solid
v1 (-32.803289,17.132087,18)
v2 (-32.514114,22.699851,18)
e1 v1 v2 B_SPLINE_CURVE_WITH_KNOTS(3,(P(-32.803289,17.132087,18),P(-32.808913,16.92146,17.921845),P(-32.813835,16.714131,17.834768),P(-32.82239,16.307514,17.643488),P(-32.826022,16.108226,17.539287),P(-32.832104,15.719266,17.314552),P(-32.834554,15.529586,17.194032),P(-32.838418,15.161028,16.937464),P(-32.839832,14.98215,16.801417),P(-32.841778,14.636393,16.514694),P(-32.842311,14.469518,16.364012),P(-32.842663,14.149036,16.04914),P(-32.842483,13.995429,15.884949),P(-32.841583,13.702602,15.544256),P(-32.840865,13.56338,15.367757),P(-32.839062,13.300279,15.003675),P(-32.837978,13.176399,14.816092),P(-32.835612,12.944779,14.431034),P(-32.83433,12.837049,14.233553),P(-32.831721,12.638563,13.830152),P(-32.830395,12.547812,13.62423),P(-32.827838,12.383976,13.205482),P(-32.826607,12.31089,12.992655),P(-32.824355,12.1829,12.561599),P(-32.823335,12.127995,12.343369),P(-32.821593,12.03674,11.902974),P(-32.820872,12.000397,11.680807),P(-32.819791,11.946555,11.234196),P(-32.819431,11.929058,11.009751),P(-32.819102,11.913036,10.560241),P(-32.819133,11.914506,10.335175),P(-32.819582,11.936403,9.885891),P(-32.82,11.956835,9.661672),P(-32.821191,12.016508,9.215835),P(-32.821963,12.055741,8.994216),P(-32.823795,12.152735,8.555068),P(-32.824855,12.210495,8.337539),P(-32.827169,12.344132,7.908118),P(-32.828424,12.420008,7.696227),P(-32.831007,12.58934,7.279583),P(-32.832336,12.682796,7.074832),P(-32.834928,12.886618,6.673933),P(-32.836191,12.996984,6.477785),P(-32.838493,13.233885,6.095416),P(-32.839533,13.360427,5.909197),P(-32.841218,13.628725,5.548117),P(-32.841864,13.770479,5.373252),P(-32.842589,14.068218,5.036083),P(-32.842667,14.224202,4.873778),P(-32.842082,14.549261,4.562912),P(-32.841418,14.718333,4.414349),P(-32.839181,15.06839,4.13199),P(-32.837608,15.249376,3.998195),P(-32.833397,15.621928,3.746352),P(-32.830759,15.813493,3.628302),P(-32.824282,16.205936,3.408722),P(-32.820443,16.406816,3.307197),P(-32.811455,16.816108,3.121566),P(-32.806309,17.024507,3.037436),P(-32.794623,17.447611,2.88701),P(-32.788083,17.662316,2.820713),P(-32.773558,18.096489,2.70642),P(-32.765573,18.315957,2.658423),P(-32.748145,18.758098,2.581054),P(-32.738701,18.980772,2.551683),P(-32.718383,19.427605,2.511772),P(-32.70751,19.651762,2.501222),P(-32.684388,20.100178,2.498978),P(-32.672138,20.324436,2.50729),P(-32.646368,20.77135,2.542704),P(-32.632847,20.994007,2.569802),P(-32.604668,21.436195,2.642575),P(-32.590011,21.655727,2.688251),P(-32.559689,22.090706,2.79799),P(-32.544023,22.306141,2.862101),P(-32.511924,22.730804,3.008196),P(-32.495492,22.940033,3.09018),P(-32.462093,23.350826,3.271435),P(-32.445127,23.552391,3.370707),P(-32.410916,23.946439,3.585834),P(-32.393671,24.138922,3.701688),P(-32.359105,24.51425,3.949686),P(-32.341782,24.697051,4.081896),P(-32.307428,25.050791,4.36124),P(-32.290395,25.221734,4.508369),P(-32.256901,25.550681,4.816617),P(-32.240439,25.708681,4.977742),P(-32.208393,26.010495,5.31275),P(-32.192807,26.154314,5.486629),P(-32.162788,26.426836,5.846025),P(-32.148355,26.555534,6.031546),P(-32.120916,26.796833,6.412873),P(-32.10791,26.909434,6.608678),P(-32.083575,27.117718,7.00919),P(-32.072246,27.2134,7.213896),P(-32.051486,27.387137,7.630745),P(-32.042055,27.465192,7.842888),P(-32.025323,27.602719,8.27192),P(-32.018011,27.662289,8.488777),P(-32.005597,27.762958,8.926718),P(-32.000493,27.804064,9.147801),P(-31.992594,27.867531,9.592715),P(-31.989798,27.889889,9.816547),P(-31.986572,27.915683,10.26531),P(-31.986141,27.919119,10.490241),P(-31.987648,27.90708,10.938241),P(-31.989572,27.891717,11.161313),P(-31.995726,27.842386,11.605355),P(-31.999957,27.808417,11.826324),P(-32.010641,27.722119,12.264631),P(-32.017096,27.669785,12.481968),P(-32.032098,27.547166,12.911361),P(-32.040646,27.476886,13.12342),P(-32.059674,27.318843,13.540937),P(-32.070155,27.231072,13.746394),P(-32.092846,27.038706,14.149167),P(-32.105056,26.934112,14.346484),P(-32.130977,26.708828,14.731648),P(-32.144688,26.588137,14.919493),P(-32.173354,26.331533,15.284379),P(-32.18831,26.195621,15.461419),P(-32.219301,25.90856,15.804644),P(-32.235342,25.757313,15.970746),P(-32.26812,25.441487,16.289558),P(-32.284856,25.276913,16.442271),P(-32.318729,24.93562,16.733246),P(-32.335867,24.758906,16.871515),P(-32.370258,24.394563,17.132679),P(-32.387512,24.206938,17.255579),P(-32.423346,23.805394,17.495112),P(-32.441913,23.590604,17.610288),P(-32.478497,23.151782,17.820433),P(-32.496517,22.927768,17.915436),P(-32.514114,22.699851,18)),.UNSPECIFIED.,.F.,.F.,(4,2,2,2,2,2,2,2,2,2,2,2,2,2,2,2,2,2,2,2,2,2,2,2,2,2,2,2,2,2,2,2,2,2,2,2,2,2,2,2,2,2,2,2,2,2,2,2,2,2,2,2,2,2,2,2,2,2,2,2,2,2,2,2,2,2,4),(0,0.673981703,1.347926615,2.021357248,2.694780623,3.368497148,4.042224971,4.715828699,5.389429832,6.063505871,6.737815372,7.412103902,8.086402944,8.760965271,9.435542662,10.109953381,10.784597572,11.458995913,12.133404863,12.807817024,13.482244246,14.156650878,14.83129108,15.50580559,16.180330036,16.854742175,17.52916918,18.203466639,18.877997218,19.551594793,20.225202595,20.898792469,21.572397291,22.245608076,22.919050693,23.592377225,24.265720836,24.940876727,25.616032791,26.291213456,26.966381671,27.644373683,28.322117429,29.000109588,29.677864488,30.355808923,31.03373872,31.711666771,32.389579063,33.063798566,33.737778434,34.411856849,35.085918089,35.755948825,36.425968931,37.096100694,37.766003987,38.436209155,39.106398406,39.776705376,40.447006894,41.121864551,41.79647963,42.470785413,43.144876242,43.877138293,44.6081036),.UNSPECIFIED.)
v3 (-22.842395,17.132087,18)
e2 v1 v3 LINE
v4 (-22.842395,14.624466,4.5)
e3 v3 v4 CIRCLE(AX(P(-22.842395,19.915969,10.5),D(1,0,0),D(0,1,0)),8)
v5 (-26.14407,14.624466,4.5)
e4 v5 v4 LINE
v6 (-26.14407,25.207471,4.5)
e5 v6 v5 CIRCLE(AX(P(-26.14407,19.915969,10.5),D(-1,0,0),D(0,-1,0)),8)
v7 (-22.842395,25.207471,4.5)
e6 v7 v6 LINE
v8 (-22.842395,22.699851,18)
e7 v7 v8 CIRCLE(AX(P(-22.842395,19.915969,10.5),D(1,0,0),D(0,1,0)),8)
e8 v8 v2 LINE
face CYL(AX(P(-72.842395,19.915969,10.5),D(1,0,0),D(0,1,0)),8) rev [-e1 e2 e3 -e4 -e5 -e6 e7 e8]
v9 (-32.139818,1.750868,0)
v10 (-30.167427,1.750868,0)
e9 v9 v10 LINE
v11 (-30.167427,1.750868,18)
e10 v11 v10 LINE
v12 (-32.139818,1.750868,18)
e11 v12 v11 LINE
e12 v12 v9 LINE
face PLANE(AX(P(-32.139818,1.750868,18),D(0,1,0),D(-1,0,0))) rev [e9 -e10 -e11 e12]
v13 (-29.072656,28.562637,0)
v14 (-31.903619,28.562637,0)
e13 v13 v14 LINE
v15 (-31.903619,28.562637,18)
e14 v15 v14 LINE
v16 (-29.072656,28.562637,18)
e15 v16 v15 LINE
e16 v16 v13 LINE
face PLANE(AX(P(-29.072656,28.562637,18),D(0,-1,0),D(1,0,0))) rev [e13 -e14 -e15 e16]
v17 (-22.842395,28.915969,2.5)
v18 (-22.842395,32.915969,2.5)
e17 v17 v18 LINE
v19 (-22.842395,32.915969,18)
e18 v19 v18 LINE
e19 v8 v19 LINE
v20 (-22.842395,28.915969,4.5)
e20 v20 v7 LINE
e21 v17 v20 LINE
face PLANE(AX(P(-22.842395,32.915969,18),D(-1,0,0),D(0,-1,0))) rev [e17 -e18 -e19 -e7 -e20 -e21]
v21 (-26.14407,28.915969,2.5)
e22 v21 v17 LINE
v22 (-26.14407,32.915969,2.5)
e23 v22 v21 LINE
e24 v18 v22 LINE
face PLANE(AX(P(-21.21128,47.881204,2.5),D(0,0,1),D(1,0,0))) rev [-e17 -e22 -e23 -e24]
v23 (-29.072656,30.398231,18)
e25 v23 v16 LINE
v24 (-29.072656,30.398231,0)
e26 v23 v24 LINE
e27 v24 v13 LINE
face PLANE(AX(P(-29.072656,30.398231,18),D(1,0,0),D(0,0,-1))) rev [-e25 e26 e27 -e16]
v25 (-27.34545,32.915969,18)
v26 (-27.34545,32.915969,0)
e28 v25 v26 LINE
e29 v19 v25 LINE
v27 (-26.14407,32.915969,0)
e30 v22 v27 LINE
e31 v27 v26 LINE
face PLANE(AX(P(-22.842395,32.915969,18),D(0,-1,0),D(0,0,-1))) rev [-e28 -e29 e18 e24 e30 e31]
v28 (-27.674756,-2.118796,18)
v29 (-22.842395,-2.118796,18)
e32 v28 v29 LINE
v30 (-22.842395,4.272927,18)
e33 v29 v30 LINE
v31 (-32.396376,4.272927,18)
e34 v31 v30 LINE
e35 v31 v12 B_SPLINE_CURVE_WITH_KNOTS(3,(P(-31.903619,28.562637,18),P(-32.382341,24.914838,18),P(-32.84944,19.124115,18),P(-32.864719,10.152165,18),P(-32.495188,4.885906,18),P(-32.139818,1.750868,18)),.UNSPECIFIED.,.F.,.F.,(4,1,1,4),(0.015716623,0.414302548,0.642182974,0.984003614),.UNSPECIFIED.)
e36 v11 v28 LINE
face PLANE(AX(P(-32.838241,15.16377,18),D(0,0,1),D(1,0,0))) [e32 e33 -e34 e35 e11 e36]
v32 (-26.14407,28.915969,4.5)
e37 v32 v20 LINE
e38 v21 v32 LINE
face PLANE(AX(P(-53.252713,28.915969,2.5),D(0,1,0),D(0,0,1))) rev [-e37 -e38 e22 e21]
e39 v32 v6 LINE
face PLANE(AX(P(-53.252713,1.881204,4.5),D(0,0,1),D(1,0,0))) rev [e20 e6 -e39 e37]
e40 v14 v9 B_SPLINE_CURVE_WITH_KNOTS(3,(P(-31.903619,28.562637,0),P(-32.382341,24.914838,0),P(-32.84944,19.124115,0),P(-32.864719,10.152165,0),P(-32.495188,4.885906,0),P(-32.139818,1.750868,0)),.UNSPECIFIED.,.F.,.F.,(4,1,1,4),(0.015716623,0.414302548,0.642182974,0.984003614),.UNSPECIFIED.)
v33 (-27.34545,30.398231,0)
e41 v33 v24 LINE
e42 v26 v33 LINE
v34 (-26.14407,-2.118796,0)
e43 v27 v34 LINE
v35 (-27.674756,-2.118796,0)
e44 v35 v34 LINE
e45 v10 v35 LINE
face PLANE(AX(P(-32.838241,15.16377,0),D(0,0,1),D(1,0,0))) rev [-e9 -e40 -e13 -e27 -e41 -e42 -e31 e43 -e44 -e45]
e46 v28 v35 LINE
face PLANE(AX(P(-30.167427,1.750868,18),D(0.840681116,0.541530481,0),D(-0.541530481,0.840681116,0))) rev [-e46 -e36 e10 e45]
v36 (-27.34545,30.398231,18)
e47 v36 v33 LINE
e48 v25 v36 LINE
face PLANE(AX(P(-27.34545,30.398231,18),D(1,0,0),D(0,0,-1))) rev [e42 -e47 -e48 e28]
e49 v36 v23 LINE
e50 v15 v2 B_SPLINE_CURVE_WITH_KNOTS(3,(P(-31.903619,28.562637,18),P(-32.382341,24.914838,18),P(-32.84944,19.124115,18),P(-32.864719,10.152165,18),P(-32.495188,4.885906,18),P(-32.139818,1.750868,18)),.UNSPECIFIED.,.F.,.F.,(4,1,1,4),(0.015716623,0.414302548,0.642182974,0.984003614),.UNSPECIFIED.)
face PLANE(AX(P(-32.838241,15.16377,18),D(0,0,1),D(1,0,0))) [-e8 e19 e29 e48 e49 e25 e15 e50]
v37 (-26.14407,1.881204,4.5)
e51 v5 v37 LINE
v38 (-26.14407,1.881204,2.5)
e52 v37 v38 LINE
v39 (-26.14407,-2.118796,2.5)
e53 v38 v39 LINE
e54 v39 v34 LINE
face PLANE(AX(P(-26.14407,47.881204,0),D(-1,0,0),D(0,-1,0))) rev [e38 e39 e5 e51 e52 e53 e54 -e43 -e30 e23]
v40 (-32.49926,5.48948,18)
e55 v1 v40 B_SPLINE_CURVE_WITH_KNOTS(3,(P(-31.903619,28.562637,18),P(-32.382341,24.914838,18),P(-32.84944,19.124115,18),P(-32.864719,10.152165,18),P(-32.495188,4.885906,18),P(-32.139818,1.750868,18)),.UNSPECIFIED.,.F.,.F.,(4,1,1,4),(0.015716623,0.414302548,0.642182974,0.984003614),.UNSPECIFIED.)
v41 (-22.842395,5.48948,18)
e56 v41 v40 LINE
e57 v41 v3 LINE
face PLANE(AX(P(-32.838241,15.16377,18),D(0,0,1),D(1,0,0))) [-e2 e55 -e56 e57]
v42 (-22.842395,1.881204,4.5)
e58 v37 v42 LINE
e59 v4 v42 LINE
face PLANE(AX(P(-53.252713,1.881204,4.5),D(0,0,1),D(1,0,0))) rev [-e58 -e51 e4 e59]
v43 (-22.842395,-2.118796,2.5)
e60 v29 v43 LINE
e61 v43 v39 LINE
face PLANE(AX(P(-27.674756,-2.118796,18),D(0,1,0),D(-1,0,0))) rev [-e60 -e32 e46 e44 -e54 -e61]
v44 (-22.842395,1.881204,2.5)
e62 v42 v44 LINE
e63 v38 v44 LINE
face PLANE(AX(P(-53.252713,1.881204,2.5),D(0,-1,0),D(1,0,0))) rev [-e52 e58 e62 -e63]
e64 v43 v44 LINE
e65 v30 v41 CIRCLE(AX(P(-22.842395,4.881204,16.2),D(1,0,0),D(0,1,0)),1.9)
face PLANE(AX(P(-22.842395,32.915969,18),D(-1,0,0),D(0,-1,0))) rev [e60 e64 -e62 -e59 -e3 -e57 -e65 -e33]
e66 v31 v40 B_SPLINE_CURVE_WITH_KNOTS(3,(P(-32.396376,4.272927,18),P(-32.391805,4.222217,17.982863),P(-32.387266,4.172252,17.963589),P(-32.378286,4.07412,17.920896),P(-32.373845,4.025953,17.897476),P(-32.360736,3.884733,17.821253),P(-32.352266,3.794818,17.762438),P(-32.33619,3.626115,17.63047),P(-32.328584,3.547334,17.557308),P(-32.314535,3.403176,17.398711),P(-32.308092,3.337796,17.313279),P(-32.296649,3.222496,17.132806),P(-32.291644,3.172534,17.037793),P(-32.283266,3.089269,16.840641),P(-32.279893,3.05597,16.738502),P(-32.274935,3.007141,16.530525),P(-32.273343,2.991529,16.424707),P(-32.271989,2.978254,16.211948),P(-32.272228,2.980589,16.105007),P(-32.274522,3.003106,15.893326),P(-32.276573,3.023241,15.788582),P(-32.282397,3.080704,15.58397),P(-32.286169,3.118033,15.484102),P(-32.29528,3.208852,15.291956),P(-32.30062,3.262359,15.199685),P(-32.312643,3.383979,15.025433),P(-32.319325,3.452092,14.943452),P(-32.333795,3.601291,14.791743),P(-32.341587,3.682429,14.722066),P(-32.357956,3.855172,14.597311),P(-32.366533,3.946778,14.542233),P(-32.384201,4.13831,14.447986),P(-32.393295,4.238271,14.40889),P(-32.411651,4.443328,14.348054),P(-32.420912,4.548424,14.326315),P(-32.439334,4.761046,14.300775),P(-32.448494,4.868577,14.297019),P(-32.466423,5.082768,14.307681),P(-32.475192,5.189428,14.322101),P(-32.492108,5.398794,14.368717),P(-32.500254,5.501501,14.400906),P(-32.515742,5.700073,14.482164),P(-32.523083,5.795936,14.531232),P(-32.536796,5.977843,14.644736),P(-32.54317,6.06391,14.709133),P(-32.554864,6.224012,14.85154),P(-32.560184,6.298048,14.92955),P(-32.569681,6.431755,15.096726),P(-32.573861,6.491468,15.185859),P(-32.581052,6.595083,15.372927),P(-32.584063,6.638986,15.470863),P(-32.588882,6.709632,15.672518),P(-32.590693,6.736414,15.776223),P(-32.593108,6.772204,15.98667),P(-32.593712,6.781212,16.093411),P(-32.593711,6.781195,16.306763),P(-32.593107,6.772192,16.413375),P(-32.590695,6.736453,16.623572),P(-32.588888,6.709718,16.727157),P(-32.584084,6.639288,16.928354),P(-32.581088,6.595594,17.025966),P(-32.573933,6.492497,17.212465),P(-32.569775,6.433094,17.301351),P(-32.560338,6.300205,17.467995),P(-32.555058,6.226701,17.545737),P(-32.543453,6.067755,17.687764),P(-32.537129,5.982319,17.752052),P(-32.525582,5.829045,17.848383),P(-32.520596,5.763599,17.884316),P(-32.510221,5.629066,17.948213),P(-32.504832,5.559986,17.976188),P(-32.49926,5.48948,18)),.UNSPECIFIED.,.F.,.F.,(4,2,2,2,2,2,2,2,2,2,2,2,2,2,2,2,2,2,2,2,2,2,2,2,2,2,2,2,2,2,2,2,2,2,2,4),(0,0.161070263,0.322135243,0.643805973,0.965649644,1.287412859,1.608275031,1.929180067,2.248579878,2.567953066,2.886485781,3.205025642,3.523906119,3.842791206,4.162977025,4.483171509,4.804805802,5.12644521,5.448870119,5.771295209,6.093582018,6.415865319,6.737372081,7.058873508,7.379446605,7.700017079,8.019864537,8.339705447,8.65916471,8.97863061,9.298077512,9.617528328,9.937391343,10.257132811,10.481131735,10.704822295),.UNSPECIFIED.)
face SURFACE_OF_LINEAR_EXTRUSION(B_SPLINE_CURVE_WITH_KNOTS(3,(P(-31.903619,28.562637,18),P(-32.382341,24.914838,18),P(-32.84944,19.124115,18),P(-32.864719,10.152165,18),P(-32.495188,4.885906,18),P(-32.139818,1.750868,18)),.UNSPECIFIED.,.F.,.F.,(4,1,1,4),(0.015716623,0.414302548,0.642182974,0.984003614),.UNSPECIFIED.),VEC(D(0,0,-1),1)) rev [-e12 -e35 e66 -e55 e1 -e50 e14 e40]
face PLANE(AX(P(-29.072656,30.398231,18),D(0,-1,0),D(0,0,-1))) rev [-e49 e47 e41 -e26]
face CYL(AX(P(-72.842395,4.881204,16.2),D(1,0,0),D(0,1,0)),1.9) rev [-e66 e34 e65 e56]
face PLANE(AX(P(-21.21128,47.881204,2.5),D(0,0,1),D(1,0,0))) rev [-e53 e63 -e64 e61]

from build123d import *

# Parameters (mm, degrees)
Y_KSEKLIK_EKSTR_ZYON1_DEPTH = 18
IZIM2_W                     = 4.932789915
IZIM2_H                     = 2.5
KES_EKSTR_ZYON1_DEPTH       = 50
IZIM3_R                     = 1.9
KES_EKSTR_ZYON2_DEPTH       = 50
IZIM5_W                     = 2
IZIM5_H                     = 27.034765158
KES_EKSTR_ZYON6_DEPTH       = 3.301675079
IZIM4_R                     = 8
KES_EKSTR_ZYON5_DEPTH       = 50


with BuildPart() as part:
    # Çizim1 → Yükseklik-Ekstrüzyon1 (new body)
    with BuildSketch(Plane.XY):
        with BuildLine():
            Line((-29.072656292, 30.398231235), (-27.345449894, 30.398231235))
            Line((-27.345449894, 30.398231235), (-27.345449894, 32.915968723))
            Line((-27.345449894, 32.915968723), (-22.842394814, 32.915968723))
            Line((-22.842394814, 32.915968723), (-22.842394814, -2.118796435))
            Line((-22.842394814, -2.118796435), (-27.674756319, -2.118796435))
            Line((-27.674756319, -2.118796435), (-30.167426941, 1.750867772))
            Line((-30.167426941, 1.750867772), (-32.139817972, 1.750867772))
            add(Edge.make_bspline(
                [(-32.139817972, 1.750867772), (-32.495187753, 4.885906141), (-32.864718894, 10.152165336), (-32.849440261, 19.124114906), (-32.38234085, 24.914837942), (-31.903618641, 28.562636684)],
                knots=[0.015716623, 0.015716623, 0.015716623, 0.015716623, 0.357537263, 0.585417689, 0.984003614, 0.984003614, 0.984003614, 0.984003614], degree=3))
            Line((-31.903618641, 28.562636684), (-29.072656292, 28.562636684))
            Line((-29.072656292, 28.562636684), (-29.072656292, 30.398231235))
        make_face()
    extrude(amount=Y_KSEKLIK_EKSTR_ZYON1_DEPTH)

    # Çizim2 → Kes-Ekstrüzyon1 (cut)
    with BuildSketch(Plane(origin=(0, -2.118796435, 0), x_dir=(-1, 0, 0), z_dir=(0, -1, 0))):
        with Locations((23.677674935, -1.25)):
            Rectangle(IZIM2_W, IZIM2_H)
    extrude(amount=-KES_EKSTR_ZYON1_DEPTH, mode=Mode.SUBTRACT)

    # Çizim3 → Kes-Ekstrüzyon2 (cut)
    with BuildSketch(Plane(origin=(-22.842394814, 0, 0), x_dir=(0, 0, -1), z_dir=(1, 0, 0))):
        with Locations((-16.2, 4.881203565)):
            Circle(IZIM3_R)
    extrude(amount=-KES_EKSTR_ZYON2_DEPTH, mode=Mode.SUBTRACT)

    # Çizim5 → Kes-Ekstrüzyon6 (cut)
    with BuildSketch(Plane(origin=(-22.842394814, 0, 0), x_dir=(0, 0, -1), z_dir=(1, 0, 0))):
        with Locations((-3.5, 15.398586144)):
            Rectangle(IZIM5_W, IZIM5_H)
    extrude(amount=-KES_EKSTR_ZYON6_DEPTH, mode=Mode.SUBTRACT)

    # Çizim4 → Kes-Ekstrüzyon5 (cut)
    with BuildSketch(Plane(origin=(-22.842394814, 0, 0), x_dir=(0, 0, -1), z_dir=(1, 0, 0))):
        with Locations((-10.5, 19.915968723)):
            Circle(IZIM4_R)
    extrude(amount=-KES_EKSTR_ZYON5_DEPTH, mode=Mode.SUBTRACT)


solid = part.part
